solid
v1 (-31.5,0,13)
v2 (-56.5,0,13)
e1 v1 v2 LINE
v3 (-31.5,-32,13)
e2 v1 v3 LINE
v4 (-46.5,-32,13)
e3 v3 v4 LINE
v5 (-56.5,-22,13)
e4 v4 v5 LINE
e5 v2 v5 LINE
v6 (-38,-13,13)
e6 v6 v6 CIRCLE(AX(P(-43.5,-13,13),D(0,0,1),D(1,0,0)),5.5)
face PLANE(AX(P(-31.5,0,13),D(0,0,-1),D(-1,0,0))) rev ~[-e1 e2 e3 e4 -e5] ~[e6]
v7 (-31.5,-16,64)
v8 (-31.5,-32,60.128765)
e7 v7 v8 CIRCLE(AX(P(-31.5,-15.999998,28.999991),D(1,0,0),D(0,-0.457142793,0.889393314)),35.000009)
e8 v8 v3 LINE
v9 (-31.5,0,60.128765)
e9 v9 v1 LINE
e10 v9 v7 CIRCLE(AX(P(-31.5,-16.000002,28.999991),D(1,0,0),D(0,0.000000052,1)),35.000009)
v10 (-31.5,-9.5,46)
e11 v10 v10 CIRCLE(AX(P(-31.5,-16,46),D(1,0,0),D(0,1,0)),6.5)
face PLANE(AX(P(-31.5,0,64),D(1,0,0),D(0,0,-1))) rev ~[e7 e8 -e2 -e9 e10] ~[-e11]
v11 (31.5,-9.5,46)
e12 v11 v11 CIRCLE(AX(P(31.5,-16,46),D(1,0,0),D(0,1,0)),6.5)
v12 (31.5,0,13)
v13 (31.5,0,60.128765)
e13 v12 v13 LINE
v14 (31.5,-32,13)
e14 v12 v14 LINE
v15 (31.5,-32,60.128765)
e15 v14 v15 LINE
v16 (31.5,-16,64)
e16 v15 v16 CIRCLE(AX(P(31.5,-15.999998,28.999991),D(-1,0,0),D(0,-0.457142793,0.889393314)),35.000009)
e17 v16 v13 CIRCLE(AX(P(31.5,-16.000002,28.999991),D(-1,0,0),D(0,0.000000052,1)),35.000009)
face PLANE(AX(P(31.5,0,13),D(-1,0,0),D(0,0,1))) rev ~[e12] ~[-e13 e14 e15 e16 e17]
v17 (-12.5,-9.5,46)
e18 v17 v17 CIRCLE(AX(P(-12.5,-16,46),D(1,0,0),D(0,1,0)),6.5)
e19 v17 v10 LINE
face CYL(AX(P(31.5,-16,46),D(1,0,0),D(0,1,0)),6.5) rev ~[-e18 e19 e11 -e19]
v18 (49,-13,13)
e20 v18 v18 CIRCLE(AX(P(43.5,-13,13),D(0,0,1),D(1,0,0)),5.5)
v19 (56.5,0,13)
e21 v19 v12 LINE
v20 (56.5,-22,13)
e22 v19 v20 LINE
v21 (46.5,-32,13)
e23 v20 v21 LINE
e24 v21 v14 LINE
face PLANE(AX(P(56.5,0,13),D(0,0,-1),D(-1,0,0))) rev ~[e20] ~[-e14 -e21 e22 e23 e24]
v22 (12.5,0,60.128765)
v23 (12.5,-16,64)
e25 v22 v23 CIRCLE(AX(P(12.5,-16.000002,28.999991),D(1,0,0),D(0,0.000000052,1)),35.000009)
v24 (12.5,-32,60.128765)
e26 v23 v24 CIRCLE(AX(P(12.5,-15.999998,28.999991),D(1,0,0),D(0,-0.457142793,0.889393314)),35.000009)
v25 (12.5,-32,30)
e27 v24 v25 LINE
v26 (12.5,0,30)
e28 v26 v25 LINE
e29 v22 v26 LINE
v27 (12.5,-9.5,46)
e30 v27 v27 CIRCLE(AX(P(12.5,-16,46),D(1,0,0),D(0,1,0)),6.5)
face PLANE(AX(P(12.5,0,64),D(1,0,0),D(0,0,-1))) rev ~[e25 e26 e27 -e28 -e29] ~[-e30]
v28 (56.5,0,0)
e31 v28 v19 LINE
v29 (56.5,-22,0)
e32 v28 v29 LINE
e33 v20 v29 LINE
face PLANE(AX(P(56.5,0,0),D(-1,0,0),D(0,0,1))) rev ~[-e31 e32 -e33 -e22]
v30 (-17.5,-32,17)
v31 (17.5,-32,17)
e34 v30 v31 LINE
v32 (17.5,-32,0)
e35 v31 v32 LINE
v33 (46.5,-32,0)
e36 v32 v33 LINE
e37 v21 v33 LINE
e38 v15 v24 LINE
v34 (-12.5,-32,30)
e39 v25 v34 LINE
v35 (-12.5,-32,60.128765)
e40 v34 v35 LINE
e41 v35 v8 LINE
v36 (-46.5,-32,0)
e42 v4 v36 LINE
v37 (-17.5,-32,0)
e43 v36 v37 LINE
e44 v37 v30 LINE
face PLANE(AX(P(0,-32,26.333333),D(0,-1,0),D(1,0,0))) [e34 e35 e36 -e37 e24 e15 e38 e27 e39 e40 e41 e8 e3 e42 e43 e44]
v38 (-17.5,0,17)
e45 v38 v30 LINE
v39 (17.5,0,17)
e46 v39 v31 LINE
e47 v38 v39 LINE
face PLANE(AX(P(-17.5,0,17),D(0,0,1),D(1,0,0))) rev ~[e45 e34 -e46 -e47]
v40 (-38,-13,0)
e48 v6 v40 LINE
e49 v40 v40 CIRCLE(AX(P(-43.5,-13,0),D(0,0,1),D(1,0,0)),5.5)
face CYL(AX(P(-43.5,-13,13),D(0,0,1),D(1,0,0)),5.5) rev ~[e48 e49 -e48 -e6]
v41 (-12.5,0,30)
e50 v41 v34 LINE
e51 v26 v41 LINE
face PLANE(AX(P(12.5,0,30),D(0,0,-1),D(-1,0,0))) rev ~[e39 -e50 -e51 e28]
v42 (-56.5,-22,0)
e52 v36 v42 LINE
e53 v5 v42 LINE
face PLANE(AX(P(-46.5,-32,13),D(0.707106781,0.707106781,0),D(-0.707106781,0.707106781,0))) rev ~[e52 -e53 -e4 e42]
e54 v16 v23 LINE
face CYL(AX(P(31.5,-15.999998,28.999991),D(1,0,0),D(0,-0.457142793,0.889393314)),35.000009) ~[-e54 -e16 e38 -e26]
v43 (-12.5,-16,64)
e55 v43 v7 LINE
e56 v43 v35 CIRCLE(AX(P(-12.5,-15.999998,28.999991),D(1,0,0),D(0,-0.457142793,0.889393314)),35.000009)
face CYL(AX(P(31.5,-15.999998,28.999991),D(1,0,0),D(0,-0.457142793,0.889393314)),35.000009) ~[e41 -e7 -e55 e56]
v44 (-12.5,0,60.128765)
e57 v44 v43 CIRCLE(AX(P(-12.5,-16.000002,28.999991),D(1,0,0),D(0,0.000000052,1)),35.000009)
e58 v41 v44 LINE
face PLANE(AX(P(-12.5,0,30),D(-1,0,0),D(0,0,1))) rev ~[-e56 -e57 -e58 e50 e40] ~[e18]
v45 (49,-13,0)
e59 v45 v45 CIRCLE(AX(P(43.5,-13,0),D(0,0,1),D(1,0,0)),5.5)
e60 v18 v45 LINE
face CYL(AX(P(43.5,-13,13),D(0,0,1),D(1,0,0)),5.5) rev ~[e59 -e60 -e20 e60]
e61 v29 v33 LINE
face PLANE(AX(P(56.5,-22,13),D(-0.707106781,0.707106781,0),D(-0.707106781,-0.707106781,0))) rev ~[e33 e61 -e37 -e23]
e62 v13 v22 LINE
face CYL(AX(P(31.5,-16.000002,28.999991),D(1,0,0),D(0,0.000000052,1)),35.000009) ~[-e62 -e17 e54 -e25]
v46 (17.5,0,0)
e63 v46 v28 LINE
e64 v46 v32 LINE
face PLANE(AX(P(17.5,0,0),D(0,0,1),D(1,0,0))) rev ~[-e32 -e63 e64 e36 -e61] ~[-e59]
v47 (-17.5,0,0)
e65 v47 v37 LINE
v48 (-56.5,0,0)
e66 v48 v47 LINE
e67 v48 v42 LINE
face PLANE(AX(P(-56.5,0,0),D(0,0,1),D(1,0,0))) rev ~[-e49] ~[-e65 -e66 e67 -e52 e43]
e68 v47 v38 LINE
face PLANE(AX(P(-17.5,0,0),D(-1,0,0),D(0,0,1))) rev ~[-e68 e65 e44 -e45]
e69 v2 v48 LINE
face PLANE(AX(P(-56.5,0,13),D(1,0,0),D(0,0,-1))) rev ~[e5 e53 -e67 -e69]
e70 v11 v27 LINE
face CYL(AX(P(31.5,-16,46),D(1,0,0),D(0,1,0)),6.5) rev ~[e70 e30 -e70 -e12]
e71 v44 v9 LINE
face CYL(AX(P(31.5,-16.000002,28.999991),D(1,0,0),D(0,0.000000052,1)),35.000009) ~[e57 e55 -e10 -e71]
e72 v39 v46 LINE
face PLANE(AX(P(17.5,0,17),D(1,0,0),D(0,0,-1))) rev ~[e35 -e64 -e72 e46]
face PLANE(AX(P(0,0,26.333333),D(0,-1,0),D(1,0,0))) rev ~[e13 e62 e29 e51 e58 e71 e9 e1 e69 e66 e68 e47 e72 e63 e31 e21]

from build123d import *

# Parameters (mm, degrees)
F1_DEPTH = 32
F2_R     = 5.5
F3_DEPTH = 13.001
F4_R     = 6.5
F5_DEPTH = 88.001
F7_DEPTH = 88.001


with BuildPart() as f1:
    # F0 (on Front) → F1 (new body)
    with BuildSketch(Plane.XZ):
        Polygon((-17.5, 17), (0, 17), (17.5, 17), (17.5, 0), (56.5, 0), (56.5, 13), (31.5, 13), (31.5, 64), (12.5, 64), (12.5, 30), (0, 30), (-12.5, 30), (-12.5, 64), (-31.5, 64), (-31.5, 13), (-56.5, 13), (-56.5, 0), (-17.5, 0), align=None)
    extrude(amount=F1_DEPTH)

    # F2 (on face) → F3 (cut, through all)
    with BuildSketch(Plane.XY.offset(13)):
        with Locations((-43.5, -13)):
            Circle(F2_R)
        Polygon((-46.5, -32), (-56.5, -22), (-56.5, -32), align=None)
        Polygon((56.5, -22), (46.5, -32), (56.5, -32), align=None)
        with Locations((43.5, -13)):
            Circle(F2_R)
    extrude(amount=-F3_DEPTH, mode=Mode.SUBTRACT)

    # F4 (on face) → F5 (cut, through all)
    with BuildSketch(Plane.YZ.offset(31.5)):
        with Locations((-16, 46)):
            Circle(F4_R)
    extrude(amount=-F5_DEPTH, mode=Mode.SUBTRACT)

    # F6 (on face) → F7 (cut, through all)
    with BuildSketch(Plane.YZ.offset(31.5)):
        with BuildLine():
            ThreePointArc((-32, 60.128765), (-24.230833, 63.018427), (-16, 64))
            Line((-16, 64), (-32, 64))
            Line((-32, 64), (-32, 60.128765))
        make_face()
        with BuildLine():
            ThreePointArc((-16, 64), (-7.769167, 63.018427), (0, 60.128765))
            Line((0, 60.128765), (0, 64))
            Line((0, 64), (-16, 64))
        make_face()
    extrude(amount=-F7_DEPTH, mode=Mode.SUBTRACT)


solid = f1.part
